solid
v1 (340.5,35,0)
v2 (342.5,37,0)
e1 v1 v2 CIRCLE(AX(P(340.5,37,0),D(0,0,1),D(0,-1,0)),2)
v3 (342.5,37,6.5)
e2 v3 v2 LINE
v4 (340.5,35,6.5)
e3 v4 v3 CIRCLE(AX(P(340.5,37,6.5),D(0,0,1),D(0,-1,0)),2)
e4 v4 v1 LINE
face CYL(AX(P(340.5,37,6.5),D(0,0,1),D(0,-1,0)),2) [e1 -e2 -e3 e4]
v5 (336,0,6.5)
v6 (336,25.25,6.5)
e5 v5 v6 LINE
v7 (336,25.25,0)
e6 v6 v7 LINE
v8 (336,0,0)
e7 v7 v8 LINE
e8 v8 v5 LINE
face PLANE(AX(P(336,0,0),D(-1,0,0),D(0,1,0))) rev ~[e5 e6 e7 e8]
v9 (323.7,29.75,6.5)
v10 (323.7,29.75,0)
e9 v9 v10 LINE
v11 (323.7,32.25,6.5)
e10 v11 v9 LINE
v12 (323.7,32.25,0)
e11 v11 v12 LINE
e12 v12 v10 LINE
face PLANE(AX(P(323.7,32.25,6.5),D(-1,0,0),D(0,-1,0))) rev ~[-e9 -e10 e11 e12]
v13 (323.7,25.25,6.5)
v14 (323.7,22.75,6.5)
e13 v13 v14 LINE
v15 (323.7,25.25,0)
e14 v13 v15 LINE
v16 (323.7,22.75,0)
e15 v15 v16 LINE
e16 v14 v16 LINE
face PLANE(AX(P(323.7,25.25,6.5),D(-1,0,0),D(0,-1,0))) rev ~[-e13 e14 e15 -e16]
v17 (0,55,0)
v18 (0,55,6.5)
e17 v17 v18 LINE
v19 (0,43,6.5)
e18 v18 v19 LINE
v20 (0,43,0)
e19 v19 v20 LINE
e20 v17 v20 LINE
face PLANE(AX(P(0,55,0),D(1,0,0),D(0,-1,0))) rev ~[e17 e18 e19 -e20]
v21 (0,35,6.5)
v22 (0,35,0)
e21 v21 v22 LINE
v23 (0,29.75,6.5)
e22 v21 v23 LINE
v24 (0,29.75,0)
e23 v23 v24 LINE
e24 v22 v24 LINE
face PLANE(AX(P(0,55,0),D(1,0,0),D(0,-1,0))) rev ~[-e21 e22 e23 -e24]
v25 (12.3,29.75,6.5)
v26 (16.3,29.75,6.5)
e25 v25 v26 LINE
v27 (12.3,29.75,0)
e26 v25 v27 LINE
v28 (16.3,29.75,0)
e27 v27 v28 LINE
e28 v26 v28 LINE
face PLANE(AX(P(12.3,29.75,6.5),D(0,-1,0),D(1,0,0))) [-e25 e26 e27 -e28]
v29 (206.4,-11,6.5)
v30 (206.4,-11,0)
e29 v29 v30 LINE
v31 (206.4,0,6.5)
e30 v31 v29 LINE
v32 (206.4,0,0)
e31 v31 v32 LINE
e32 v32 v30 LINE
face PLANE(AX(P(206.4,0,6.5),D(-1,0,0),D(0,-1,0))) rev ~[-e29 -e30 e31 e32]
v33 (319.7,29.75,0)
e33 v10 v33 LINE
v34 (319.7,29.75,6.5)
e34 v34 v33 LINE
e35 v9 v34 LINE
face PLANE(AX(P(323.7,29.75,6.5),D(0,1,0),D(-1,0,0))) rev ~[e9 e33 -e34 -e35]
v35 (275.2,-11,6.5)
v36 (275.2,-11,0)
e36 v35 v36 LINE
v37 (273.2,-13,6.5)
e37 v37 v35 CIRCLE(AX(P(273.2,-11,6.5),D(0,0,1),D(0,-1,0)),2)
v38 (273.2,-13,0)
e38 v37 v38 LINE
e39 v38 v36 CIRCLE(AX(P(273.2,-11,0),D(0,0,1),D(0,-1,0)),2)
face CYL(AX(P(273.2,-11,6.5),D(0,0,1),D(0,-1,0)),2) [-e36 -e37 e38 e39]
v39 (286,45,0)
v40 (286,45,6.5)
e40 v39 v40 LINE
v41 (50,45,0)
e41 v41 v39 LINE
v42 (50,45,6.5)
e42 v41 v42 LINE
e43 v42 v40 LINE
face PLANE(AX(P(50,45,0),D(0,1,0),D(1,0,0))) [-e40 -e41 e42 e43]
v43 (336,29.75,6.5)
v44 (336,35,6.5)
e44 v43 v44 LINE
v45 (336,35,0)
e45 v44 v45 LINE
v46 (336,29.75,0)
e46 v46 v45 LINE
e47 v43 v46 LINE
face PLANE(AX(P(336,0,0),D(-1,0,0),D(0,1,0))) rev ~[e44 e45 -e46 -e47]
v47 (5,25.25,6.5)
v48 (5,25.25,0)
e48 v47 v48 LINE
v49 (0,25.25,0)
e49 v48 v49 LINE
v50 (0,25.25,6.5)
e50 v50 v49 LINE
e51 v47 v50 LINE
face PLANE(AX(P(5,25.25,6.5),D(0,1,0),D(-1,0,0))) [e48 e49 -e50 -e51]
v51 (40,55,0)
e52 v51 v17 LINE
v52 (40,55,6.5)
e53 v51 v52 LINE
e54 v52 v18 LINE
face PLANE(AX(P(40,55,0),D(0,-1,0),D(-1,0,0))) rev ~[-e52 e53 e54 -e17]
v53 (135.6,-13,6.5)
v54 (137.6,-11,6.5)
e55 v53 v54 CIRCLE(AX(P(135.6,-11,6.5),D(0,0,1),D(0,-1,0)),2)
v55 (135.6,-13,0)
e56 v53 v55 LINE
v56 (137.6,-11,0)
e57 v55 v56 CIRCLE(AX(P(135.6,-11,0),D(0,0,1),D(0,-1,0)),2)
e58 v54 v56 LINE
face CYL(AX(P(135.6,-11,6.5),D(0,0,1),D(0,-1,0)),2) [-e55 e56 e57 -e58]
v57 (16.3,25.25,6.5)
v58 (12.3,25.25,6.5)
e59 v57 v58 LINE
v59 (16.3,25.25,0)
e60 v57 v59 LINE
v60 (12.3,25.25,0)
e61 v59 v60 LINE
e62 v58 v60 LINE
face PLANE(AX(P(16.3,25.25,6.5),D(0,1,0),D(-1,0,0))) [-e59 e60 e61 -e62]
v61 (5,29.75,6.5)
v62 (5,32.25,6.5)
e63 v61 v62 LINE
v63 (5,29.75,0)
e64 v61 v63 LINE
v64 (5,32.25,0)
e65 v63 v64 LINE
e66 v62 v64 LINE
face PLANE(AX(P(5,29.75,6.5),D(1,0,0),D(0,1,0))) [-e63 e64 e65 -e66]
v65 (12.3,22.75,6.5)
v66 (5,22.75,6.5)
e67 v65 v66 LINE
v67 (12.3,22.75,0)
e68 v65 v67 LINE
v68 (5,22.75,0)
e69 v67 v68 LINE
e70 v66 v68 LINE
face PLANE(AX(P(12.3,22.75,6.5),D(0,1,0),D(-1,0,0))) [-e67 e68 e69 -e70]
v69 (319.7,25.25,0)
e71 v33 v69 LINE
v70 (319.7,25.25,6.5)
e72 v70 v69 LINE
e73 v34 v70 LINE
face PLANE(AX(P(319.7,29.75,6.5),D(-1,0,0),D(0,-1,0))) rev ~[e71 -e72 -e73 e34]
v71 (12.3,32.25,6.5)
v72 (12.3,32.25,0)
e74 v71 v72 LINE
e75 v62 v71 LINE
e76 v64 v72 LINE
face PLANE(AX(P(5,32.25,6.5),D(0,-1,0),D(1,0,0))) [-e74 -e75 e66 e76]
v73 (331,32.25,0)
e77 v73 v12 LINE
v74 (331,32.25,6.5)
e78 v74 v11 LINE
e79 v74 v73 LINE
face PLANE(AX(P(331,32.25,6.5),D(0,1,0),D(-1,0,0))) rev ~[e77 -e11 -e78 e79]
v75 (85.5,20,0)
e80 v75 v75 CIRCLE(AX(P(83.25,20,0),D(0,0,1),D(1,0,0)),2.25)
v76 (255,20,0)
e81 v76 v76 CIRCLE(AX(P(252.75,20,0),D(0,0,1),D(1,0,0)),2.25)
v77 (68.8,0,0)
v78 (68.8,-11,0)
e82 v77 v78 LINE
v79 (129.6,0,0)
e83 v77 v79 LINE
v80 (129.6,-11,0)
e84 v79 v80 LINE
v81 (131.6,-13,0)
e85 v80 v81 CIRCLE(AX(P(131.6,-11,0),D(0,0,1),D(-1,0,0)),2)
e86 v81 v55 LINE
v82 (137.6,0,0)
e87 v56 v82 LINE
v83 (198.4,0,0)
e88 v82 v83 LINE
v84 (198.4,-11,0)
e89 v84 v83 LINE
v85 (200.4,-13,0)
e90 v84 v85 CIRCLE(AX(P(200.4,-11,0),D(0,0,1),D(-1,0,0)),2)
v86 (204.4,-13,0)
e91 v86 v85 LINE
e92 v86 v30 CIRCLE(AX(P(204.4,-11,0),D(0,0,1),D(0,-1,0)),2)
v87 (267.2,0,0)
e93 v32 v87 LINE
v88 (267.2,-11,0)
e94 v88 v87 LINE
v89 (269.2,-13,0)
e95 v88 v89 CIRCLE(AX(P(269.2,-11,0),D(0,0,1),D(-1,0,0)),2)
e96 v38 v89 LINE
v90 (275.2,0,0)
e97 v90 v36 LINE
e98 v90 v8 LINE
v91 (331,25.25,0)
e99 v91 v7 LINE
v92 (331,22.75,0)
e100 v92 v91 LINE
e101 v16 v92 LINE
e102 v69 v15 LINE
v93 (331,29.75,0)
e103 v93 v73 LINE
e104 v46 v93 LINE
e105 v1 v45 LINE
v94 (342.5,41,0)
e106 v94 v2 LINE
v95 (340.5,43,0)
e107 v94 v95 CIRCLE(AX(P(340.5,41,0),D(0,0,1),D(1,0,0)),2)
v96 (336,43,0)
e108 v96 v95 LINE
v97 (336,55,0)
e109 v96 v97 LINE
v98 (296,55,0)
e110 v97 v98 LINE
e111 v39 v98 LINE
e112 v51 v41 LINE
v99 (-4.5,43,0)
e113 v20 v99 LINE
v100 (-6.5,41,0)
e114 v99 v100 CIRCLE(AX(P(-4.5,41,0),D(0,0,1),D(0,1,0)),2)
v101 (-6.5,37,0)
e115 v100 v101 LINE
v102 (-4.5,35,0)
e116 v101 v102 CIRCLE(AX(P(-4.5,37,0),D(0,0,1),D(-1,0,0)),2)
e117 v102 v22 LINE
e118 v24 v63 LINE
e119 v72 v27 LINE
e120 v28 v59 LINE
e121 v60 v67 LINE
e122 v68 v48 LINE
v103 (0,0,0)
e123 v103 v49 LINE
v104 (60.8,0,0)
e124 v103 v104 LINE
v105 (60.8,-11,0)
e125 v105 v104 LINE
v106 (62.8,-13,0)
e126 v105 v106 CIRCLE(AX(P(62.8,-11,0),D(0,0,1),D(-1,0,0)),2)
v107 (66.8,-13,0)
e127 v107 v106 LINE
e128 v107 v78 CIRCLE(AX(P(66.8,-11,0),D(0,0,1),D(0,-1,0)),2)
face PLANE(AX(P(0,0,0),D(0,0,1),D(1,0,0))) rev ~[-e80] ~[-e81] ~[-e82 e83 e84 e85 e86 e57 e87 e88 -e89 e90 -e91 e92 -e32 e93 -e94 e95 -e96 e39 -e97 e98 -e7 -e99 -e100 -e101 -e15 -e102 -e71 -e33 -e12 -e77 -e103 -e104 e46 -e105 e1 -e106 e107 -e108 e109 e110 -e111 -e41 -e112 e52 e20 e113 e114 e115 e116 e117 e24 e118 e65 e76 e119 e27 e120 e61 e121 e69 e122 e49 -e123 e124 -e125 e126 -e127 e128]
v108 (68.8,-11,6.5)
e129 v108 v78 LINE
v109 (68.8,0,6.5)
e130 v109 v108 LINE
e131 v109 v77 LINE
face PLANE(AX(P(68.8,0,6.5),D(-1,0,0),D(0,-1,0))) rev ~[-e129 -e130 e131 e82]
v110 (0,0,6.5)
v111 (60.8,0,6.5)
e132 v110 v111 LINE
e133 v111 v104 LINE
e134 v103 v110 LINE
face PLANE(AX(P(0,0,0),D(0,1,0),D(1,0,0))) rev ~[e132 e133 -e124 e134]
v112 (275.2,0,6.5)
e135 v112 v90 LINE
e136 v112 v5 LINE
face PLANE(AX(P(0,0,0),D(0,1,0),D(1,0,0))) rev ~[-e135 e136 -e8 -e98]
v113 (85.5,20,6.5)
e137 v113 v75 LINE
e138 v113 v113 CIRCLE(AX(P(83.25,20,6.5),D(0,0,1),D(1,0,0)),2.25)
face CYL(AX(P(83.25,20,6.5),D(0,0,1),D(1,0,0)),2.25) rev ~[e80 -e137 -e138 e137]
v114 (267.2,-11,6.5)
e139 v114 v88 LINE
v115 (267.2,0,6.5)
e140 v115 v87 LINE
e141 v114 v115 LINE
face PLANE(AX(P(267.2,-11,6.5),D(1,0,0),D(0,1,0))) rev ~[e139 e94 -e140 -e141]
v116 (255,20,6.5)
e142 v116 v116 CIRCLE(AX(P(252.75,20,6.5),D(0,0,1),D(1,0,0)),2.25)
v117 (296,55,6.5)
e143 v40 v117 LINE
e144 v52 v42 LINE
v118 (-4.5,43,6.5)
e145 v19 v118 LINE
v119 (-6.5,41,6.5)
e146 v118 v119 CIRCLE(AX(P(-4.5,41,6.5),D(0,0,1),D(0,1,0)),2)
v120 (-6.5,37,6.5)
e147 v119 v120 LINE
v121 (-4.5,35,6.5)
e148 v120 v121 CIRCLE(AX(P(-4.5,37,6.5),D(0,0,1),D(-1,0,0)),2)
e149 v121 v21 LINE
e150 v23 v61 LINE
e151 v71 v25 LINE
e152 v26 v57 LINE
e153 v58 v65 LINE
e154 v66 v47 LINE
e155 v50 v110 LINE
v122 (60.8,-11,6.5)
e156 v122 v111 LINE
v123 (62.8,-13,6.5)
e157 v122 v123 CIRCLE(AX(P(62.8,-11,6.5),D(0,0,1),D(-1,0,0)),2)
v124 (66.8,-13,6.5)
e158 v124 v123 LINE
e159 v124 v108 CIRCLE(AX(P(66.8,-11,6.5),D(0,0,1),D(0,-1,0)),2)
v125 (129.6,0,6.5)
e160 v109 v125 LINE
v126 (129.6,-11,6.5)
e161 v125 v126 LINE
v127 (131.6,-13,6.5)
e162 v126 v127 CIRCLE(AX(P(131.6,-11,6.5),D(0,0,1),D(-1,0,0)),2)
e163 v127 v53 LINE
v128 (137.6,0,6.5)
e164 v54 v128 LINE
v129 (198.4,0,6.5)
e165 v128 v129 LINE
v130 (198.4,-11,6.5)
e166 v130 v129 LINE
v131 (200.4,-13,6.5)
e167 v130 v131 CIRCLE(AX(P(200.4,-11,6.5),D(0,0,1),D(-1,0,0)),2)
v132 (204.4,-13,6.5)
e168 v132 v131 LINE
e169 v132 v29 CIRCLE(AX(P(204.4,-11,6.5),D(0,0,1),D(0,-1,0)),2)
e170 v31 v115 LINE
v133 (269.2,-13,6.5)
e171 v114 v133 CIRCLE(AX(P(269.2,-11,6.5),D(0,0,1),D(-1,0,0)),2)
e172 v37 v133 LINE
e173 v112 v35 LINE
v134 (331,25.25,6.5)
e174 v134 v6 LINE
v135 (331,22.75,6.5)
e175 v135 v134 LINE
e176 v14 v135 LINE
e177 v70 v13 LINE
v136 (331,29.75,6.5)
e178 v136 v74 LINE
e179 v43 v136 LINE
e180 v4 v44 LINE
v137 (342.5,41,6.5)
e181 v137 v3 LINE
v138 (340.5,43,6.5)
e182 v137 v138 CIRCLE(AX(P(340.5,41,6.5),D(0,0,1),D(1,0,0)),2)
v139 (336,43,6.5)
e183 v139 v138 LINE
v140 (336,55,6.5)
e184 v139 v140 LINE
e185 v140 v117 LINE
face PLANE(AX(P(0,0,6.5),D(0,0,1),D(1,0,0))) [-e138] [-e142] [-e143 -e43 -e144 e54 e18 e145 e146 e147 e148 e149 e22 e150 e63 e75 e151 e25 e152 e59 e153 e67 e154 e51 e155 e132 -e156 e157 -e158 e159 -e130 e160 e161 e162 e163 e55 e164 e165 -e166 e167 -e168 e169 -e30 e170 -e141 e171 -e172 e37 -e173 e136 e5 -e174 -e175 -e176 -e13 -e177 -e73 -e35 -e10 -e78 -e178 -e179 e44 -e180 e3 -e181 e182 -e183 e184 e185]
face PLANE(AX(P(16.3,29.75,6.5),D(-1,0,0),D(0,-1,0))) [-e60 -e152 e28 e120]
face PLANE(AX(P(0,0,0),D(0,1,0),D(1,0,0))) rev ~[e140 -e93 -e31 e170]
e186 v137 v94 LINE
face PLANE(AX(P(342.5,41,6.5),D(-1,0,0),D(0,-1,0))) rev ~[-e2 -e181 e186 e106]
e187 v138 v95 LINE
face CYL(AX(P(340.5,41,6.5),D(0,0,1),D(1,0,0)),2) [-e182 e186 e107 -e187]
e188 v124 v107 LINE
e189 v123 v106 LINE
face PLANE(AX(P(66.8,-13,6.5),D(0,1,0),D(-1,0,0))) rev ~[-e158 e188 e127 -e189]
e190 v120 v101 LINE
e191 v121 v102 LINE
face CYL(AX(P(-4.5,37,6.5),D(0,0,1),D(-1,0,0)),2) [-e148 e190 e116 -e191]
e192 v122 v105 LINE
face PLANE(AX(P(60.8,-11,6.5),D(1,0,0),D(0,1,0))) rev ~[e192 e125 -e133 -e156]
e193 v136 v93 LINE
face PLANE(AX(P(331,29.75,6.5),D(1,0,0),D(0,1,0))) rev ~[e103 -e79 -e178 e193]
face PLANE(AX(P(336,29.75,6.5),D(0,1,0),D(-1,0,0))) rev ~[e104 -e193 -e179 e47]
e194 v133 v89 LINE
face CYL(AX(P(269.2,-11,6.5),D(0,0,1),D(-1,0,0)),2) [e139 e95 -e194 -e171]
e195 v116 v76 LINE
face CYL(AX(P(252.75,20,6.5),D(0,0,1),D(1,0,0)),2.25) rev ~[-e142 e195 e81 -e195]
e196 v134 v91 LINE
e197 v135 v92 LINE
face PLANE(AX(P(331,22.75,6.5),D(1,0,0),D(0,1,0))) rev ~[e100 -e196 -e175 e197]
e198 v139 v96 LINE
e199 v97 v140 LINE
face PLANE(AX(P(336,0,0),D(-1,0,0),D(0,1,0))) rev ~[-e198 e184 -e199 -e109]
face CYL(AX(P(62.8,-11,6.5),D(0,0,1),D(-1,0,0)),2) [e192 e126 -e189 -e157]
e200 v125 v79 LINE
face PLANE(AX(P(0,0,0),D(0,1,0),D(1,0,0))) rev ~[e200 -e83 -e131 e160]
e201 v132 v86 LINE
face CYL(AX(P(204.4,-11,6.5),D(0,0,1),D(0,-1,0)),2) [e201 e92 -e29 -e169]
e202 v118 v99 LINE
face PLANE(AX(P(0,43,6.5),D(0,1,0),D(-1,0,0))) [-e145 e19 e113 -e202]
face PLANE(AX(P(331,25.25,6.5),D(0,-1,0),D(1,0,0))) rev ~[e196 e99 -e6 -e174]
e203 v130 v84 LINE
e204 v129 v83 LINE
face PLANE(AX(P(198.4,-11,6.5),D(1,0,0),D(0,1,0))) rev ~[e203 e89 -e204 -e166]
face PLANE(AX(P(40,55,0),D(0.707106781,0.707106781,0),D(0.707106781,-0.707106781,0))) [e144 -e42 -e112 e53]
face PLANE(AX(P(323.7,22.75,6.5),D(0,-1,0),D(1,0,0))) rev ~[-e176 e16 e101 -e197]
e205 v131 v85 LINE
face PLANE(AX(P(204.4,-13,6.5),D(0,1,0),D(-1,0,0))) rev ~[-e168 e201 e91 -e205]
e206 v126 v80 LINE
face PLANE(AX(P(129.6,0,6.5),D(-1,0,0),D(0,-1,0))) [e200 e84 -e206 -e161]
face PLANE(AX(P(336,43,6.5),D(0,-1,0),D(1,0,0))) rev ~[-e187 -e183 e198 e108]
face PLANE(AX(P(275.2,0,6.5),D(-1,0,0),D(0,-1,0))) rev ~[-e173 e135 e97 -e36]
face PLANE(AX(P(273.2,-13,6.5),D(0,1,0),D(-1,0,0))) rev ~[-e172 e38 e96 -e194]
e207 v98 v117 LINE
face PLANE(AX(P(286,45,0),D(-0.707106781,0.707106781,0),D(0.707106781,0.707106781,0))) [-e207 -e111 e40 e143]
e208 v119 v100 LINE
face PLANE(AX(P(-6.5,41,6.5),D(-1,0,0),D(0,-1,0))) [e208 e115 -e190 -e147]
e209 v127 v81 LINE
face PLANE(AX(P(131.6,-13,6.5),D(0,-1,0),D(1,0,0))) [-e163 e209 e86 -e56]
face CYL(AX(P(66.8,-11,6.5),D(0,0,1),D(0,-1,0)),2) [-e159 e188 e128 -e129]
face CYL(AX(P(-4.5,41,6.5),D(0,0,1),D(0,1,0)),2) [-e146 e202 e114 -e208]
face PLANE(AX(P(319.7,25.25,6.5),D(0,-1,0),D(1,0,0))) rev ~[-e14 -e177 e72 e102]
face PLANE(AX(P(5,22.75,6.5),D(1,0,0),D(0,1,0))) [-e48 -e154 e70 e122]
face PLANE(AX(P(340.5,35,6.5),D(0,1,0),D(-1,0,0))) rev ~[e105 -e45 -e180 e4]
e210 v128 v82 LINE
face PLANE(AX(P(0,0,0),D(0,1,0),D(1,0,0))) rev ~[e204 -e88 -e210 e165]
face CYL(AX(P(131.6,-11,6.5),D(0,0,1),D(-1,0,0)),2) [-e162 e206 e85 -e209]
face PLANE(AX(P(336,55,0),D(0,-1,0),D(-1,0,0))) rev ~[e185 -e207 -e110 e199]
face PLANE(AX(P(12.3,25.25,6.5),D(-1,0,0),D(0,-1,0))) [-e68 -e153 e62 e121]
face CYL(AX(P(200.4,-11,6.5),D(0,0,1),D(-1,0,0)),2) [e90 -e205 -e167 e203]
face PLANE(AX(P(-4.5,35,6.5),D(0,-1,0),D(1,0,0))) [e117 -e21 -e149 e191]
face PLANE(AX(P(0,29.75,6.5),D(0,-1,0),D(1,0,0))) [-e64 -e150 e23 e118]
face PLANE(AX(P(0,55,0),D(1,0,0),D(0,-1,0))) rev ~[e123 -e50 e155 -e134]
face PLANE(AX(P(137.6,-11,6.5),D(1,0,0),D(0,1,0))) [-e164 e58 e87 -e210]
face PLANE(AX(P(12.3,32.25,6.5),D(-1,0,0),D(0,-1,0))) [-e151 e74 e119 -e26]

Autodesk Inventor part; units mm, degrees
ref_plane "YZ Plane" through (0, 0, 0) normal (1, 0, 0) x (0, 1, 0)
ref_plane "XZ Plane" through (0, 0, 0) normal (0, 1, 0) x (-1, 0, 0)
ref_plane "XY Plane" through (0, 0, 0) normal (0, 0, 1) x (1, 0, 0)
sketch "Sketch1" plane through (0, 0, 0) normal (0, 0, 1) x (1, 0, 0)
  line L0 (0, 0) -> (336, 0)
  line L1 (336, 0) -> (336, 55)
  line L2 (0, 55) -> (0, 0)
  line L3 (40, 55) -> (50, 45)
  line L4 (50, 45) -> (286, 45)
  line L5 (286, 45) -> (296, 55)
  line L6 (336, 55) -> (296, 55)
  line L7 (40, 55) -> (0, 55)
  dimension "d0" = 336
  dimension "d1" = 55
  dimension "d2" = 45
  dimension "d3" = 40
  dimension "d4" = 10
  dimension "d5" = 40
extrude "Extrusion1" add sketch "Sketch1" along normal blind 6.5
sketch "Sketch2" plane through (0, 0, 6.5) normal (0, 0, 1) x (1, 0, 0)
  line L0 (0, 0) -> (336, 0) projected
  line L1 (286, 45) -> (50, 45) projected
  line L2 (0, 55) -> (0, 0) projected
  line L3 (0, 25.25) -> (0, 29.75)
  line L4 (16.3, 29.75) -> (16.3, 25.25)
  line L5 (5, 32.25) -> (12.3, 32.25)
  line L6 (12.3, 22.75) -> (5, 22.75)
  line L7 (0, 29.75) -> (5, 29.75)
  line L8 (12.3, 29.75) -> (16.3, 29.75)
  line L9 (16.3, 25.25) -> (12.3, 25.25)
  line L10 (5, 25.25) -> (0, 25.25)
  line L11 (5, 22.75) -> (5, 25.25)
  line L12 (5, 29.75) -> (5, 32.25)
  line L13 (12.3, 32.25) -> (12.3, 29.75)
  line L14 (12.3, 25.25) -> (12.3, 22.75)
  line L15 (168, 0) -> (168, 45) construction
  line L16 (336, 25.25) -> (336, 29.75)
  line L17 (319.7, 29.75) -> (319.7, 25.25)
  line L18 (331, 32.25) -> (323.7, 32.25)
  line L19 (323.7, 22.75) -> (331, 22.75)
  line L20 (336, 29.75) -> (331, 29.75)
  line L21 (323.7, 29.75) -> (319.7, 29.75)
  line L22 (319.7, 25.25) -> (323.7, 25.25)
  line L23 (331, 25.25) -> (336, 25.25)
  line L24 (331, 22.75) -> (331, 25.25)
  line L25 (331, 29.75) -> (331, 32.25)
  line L26 (323.7, 32.25) -> (323.7, 29.75)
  line L27 (323.7, 25.25) -> (323.7, 22.75)
  point P0 (0, 27.5)
  point P1 (0, 27.5)
  point P2 (336, 27.5)
  point P3 (336, 27.5)
  dimension "d8" = 4.5
  dimension "d9" = 2.5
  dimension "d10" = 2.5
  dimension "d11" = 5
  dimension "d12" = 7.3
  dimension "d13" = 4
extrude "Extrusion2" cut sketch "Sketch2" against normal through all
sketch "Sketch3" plane through (0, 0, 6.5) normal (0, 0, 1) x (1, 0, 0)
  line L0 (0, 25.25) -> (0, 0) projected
  line L1 (0, 0) -> (336, 0) projected
  line L2 (336, 0) -> (336, 25.25) projected
  line L3 (336, 29.75) -> (336, 55) projected
  line L4 (0, 55) -> (0, 29.75) projected
  line L5 (16.3, 29.75) -> (16.3, 25.25) projected
  line L6 (0, 43) -> (-4.5, 43)
  line L7 (-6.5, 41) -> (-6.5, 37)
  line L8 (-4.5, 35) -> (0, 35)
  line L9 (0, 35) -> (0, 43)
  line L10 (0, 20) -> (-4.5, 20)
  line L11 (-6.5, 18) -> (-6.5, 14)
  line L12 (-4.5, 12) -> (0, 12)
  line L13 (0, 12) -> (0, 20)
  arc A0 (-4.5, 43) -> (-6.5, 41) centre (-4.5, 41) ccw
  arc A1 (-6.5, 37) -> (-4.5, 35) centre (-4.5, 37) ccw
  arc A2 (-4.5, 20) -> (-6.5, 18) centre (-4.5, 18) ccw
  arc A3 (-6.5, 14) -> (-4.5, 12) centre (-4.5, 14) ccw
  line L14 (336, 43) -> (340.5, 43)
  line L15 (342.5, 41) -> (342.5, 37)
  line L16 (340.5, 35) -> (336, 35)
  line L17 (336, 35) -> (336, 43)
  line L18 (336, 20) -> (340.5, 20)
  line L19 (342.5, 18) -> (342.5, 14)
  line L20 (340.5, 12) -> (336, 12)
  line L21 (336, 12) -> (336, 20)
  arc A4 (342.5, 41) -> (340.5, 43) centre (340.5, 41) ccw
  arc A5 (340.5, 35) -> (342.5, 37) centre (340.5, 37) ccw
  arc A6 (342.5, 18) -> (340.5, 20) centre (340.5, 18) ccw
  arc A7 (340.5, 12) -> (342.5, 14) centre (340.5, 14) ccw
  line L22 (198.4, 0) -> (206.4, 0)
  line L23 (206.4, 0) -> (206.4, -11)
  line L24 (204.4, -13) -> (200.4, -13)
  line L25 (198.4, -11) -> (198.4, 0)
  line L26 (137.6, 0) -> (129.6, 0)
  line L27 (129.6, 0) -> (129.6, -11)
  line L28 (131.6, -13) -> (135.6, -13)
  line L29 (137.6, -11) -> (137.6, 0)
  line L30 (60.8, 0) -> (68.8, 0)
  line L31 (68.8, 0) -> (68.8, -11)
  line L32 (66.8, -13) -> (62.8, -13)
  line L33 (60.8, -11) -> (60.8, 0)
  line L34 (267.2, 0) -> (275.2, 0)
  line L35 (275.2, 0) -> (275.2, -11)
  line L36 (273.2, -13) -> (269.2, -13)
  line L37 (267.2, -11) -> (267.2, 0)
  arc A8 (60.8, -11) -> (62.8, -13) centre (62.8, -11) ccw
  arc A9 (66.8, -13) -> (68.8, -11) centre (66.8, -11) ccw
  arc A10 (129.6, -11) -> (131.6, -13) centre (131.6, -11) ccw
  arc A11 (135.6, -13) -> (137.6, -11) centre (135.6, -11) ccw
  arc A12 (198.4, -11) -> (200.4, -13) centre (200.4, -11) ccw
  arc A13 (204.4, -13) -> (206.4, -11) centre (204.4, -11) ccw
  arc A14 (267.2, -11) -> (269.2, -13) centre (269.2, -11) ccw
  arc A15 (273.2, -13) -> (275.2, -11) centre (273.2, -11) ccw
  line L38 (68.8, -5.5) -> (129.6, -5.5) construction
  line L39 (137.6, -5.5) -> (198.4, -5.5) construction
  line L40 (206.4, -5.5) -> (267.2, -5.5) construction
  line L41 (275.2, -5.5) -> (336, -5.5) construction
  line L42 (60.8, -5.5) -> (0, -5.5) construction
  point P0 (16.3, 27.5)
  point P1 (168, 0)
  dimension "d16" = 2
  dimension "d17" = 8
  dimension "d18" = 8
  dimension "d19" = 15
  dimension "d20" = 7.5
  dimension "d21" = 6.5
  dimension "d22" = 2
  dimension "d23" = 6.5
  dimension "d24" = 2
  dimension "d25" = 8
  dimension "d26" = 8
  dimension "d27" = 8
  dimension "d28" = 8
  dimension "d29" = 13
extrude "Extrusion3" add sketch "Sketch3" against normal blind 6.5
sketch "Sketch4" plane through (0, 0, 6.5) normal (0, 0, 1) x (1, 0, 0)
  line L0 (0, 20) -> (-4.5, 20) projected
  arc A0 (-4.5, 20) -> (-6.5, 18) centre (-4.5, 18) ccw projected
  line L1 (-6.5, 18) -> (-6.5, 14) projected
  arc A1 (-6.5, 14) -> (-4.5, 12) centre (-4.5, 14) ccw projected
  line L2 (-4.5, 12) -> (0, 12) projected
  line L3 (336, 12) -> (340.5, 12) projected
  arc A2 (340.5, 12) -> (342.5, 14) centre (340.5, 14) ccw projected
  line L4 (342.5, 14) -> (342.5, 18) projected
  arc A3 (342.5, 18) -> (340.5, 20) centre (340.5, 18) ccw projected
  line L5 (340.5, 20) -> (336, 20) projected
  line L6 (5, 22.75) -> (5, 25.25) projected
  line L7 (0, 20) -> (0, 12)
  line L8 (336, 20) -> (336, 12)
extrude "Extrusion4" cut sketch "Sketch4" against normal through all
sketch "Sketch5" plane through (0, 0, 6.5) normal (0, 0, 1) x (1, 0, 0)
  line L0 (0, 25.25) -> (0, 0) projected
  line L1 (0, 0) -> (60.8, 0) projected
  line L2 (336, 0) -> (336, 25.25) projected
  circle A0 centre (83.25, 20) radius 2.25
  circle A1 centre (252.75, 20) radius 2.25
  dimension "d34" = 4.5
  dimension "d35" = 20
  dimension "d36" = 83.25
  dimension "d37" = 83.25
extrude "Extrusion5" cut sketch "Sketch5" against normal through all
equation "\"d5\" = d3"
equation "\"d23\" = d21"
equation "\"d37\" = d36"
properties part number "frame_brace_top" material "Plywood, Finish"
